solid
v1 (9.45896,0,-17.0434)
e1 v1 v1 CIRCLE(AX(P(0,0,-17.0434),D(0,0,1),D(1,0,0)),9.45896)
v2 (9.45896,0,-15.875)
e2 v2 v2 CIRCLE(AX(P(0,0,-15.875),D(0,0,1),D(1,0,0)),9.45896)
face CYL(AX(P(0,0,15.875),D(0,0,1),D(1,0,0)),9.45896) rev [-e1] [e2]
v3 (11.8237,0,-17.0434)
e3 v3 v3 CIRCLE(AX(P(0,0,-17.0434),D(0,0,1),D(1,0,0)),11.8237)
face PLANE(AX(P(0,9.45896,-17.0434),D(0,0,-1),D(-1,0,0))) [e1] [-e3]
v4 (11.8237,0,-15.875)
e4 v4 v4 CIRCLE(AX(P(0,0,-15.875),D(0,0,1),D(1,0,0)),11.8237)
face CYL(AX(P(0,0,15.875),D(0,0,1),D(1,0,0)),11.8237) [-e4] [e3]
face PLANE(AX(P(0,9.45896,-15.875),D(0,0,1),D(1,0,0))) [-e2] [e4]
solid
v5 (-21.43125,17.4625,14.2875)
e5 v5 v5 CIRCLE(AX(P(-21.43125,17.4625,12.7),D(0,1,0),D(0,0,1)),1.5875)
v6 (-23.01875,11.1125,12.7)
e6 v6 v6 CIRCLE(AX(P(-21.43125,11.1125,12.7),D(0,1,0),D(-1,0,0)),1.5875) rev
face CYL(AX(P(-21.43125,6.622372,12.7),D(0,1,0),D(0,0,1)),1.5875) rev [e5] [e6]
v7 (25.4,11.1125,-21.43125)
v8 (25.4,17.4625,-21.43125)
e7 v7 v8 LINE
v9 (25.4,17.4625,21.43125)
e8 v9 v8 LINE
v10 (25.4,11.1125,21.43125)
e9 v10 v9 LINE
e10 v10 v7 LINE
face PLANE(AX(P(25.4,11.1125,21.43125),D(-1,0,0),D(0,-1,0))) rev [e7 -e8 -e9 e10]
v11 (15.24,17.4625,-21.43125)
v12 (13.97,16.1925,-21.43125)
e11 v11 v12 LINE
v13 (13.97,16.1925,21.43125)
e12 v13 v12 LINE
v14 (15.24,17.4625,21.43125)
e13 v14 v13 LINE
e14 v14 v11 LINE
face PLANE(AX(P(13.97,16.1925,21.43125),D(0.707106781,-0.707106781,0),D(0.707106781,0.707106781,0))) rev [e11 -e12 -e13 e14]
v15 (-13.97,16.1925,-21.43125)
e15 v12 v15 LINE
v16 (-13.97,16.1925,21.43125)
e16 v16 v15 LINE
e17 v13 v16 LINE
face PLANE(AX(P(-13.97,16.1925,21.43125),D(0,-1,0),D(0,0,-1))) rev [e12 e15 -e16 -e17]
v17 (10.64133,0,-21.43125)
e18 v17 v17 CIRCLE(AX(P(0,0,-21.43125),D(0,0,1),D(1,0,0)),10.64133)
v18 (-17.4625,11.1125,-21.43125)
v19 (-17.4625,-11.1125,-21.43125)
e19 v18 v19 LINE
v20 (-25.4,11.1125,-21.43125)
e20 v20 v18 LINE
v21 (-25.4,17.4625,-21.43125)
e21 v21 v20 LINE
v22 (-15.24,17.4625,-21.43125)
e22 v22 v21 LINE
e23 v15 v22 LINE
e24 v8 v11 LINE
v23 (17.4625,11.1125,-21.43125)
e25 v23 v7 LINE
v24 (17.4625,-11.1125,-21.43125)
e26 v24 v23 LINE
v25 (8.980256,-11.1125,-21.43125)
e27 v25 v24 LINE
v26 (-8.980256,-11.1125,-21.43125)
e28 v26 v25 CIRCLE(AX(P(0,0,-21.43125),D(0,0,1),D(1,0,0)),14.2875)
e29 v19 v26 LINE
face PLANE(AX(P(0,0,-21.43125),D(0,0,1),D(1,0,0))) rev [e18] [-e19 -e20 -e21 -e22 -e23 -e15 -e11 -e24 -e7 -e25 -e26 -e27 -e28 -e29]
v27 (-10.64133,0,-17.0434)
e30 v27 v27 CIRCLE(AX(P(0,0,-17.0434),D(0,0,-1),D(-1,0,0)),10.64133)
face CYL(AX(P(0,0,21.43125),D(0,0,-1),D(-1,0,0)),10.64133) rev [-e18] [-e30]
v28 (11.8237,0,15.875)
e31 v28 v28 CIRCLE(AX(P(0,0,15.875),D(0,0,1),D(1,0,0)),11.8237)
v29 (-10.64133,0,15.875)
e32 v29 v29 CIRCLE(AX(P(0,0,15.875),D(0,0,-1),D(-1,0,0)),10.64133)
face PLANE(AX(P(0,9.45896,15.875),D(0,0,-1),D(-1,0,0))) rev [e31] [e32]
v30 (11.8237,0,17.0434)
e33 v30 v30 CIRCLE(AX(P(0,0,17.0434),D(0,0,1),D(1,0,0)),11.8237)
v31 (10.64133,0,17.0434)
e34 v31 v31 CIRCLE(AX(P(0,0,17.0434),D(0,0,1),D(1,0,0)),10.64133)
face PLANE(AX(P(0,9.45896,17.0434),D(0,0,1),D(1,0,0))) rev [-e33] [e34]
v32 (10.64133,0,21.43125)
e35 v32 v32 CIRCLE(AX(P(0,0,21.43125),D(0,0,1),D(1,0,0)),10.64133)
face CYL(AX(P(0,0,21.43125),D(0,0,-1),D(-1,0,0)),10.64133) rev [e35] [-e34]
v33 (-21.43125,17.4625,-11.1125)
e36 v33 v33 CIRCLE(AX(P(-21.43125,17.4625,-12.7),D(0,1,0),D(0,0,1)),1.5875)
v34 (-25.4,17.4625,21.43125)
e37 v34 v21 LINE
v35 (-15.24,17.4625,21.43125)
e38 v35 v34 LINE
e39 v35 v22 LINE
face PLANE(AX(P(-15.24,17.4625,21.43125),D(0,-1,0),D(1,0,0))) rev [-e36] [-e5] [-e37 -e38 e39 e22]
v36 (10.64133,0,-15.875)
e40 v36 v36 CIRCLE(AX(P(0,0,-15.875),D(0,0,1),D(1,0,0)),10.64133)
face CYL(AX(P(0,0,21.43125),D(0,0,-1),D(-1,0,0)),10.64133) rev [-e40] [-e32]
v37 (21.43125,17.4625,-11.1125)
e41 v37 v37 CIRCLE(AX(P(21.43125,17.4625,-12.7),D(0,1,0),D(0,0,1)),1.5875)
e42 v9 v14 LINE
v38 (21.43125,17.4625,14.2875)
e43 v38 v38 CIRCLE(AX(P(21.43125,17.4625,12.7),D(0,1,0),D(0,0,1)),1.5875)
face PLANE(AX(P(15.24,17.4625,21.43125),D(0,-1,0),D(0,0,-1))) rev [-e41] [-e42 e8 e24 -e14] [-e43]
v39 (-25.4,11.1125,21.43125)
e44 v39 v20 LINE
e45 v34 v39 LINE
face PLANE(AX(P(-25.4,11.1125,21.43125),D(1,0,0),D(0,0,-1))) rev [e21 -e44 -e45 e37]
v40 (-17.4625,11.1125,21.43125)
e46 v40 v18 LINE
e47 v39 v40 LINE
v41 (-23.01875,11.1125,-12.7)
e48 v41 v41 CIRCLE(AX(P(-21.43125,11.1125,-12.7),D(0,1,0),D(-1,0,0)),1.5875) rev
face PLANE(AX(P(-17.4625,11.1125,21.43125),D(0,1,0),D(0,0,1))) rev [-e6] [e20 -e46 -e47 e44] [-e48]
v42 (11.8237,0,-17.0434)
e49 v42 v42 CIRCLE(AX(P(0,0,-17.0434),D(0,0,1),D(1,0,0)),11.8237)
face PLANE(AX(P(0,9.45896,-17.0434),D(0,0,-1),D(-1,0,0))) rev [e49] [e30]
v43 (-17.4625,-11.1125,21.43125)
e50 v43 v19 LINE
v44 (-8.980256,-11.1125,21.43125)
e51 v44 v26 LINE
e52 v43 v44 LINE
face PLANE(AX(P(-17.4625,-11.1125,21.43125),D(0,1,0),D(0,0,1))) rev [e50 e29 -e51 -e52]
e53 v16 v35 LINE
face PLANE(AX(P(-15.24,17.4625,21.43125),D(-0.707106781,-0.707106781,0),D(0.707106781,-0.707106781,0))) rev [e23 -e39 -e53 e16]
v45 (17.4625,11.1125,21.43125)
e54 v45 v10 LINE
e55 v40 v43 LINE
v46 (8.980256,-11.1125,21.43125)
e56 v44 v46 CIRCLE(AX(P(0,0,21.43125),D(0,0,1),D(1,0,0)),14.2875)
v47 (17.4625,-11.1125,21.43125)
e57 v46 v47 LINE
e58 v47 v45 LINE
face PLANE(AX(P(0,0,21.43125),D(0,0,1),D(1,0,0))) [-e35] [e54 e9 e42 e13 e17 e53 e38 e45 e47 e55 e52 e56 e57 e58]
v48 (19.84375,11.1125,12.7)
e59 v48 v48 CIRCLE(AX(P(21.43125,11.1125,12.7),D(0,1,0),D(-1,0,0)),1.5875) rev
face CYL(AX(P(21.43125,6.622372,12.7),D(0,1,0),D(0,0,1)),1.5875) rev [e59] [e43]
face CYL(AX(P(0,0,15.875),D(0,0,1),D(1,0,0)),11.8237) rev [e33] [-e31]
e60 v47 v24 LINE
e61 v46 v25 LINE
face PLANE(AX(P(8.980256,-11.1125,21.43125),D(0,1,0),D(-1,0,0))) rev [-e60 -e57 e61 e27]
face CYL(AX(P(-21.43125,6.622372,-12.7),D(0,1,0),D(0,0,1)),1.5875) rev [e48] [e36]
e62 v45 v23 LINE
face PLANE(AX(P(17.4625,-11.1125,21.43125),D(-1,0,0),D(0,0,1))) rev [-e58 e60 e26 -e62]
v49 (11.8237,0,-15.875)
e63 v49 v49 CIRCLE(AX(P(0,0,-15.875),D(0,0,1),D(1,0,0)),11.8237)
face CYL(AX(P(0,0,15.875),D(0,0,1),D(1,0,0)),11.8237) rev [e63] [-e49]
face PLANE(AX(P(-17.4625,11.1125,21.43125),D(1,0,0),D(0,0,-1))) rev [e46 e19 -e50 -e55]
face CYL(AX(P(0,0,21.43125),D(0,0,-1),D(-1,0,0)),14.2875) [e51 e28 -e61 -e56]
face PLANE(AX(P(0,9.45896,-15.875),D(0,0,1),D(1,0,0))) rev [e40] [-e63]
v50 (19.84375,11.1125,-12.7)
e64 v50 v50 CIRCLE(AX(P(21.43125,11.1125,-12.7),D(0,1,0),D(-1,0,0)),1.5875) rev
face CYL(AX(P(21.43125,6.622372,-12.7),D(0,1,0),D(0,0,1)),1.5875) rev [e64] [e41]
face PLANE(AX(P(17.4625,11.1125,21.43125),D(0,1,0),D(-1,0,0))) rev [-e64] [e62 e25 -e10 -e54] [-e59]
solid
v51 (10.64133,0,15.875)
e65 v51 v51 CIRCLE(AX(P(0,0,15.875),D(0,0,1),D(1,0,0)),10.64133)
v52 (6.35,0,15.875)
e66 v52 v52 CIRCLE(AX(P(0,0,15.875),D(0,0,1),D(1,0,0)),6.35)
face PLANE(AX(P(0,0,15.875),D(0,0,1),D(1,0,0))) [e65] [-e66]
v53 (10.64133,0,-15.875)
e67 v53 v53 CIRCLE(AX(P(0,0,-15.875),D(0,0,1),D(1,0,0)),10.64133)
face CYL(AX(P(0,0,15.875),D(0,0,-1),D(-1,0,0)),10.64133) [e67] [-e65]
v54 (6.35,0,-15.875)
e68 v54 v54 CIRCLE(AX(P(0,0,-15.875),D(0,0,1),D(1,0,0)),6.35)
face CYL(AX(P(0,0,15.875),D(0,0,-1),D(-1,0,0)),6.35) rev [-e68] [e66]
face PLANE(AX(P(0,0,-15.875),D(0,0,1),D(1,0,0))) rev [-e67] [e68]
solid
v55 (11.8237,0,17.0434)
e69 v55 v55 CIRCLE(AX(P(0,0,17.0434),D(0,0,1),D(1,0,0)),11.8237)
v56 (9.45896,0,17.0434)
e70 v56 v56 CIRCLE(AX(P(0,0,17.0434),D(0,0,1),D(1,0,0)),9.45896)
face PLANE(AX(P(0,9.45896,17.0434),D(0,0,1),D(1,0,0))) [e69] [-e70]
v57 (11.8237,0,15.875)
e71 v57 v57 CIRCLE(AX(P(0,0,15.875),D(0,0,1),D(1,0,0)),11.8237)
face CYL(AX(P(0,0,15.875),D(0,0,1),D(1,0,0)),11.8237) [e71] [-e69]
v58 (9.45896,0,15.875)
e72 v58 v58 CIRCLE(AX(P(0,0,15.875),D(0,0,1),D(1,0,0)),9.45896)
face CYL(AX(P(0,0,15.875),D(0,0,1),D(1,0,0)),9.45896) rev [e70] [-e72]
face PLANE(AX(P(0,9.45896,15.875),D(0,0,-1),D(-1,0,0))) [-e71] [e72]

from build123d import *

# Parameters (mm, degrees)
SKETCH1_R            = 10.64133
MAIN_BODY_DEPTH      = 21.43125
SKETCH3_R            = 1.5875
MOUNTING_HOLES_DEPTH = 6.35
SKETCH8_R            = 10.64133
SKETCH8_R_2          = 6.35
INTERIOR_DEPTH       = 15.875
GROOVES_2_W          = 1.1684
GROOVES_2_H          = 2.36474
GROOVES_2_2_W        = 1.1684
GROOVES_2_2_H        = 2.36474


with BuildPart() as part:
    # Sketch1 → Main Body (new, symmetric)
    with BuildSketch(Plane.XY):
        with BuildLine():
            Line((-17.4625, 11.1125), (-25.4, 11.1125))
            Line((-25.4, 11.1125), (-25.4, 17.4625))
            Line((-25.4, 17.4625), (-15.24, 17.4625))
            Line((-15.24, 17.4625), (-13.97, 16.1925))
            Line((-13.97, 16.1925), (13.97, 16.1925))
            Line((13.97, 16.1925), (15.24, 17.4625))
            Line((15.24, 17.4625), (25.4, 17.4625))
            Line((25.4, 17.4625), (25.4, 11.1125))
            Line((25.4, 11.1125), (17.4625, 11.1125))
            Line((17.4625, 11.1125), (17.4625, -11.1125))
            Line((17.4625, -11.1125), (8.980256121, -11.1125))
            ThreePointArc((8.980256121, -11.1125), (0, -14.2875), (-8.980256121, -11.1125))
            Line((-8.980256121, -11.1125), (-17.4625, -11.1125))
            Line((-17.4625, -11.1125), (-17.4625, 11.1125))
        make_face()
        Circle(SKETCH1_R, mode=Mode.SUBTRACT)
    extrude(amount=MAIN_BODY_DEPTH, both=True)

    # Sketch3 → Mounting Holes (cut)
    with BuildSketch(Plane(origin=(0, 17.4625, 0), x_dir=(1, 0, 0), z_dir=(0, 1, 0))):
        with Locations(Location((-21.43125, 12.7, 0), (0, 0, 270))):
            Circle(SKETCH3_R)
        with Locations(Location((21.43125, 12.7, 0), (0, 0, 270))):
            Circle(SKETCH3_R)
        with Locations(Location((21.43125, -12.7, 0), (0, 0, 270))):
            Circle(SKETCH3_R)
        with Locations(Location((-21.43125, -12.7, 0), (0, 0, 270))):
            Circle(SKETCH3_R)
    extrude(amount=-MOUNTING_HOLES_DEPTH, mode=Mode.SUBTRACT)

    # Grooves 2 → Grooves (revolve, cut)
    with BuildSketch(Plane(origin=(0, 0, 0), x_dir=(0, 0, -1), z_dir=(1, 0, 0)), mode=Mode.PRIVATE) as grooves_sk:
        with Locations((16.4592, -10.64133)):
            Rectangle(GROOVES_2_W, GROOVES_2_H)
        with Locations((-16.4592, -10.64133)):
            Rectangle(GROOVES_2_W, GROOVES_2_H)
    revolve(grooves_sk.sketch.rotate(Axis((0, 0, 15.875), (0, 0, -1)), 270), axis=Axis((0, 0, 15.875), (0, 0, -1)), mode=Mode.SUBTRACT)


with BuildPart() as body_2:
    # Sketch8 → Interior (new, symmetric)
    with BuildSketch(Plane.XY):
        Circle(SKETCH8_R)
        Circle(SKETCH8_R_2, mode=Mode.SUBTRACT)
    extrude(amount=INTERIOR_DEPTH, both=True)


with BuildPart() as body_3:
    # Grooves_2 2 → Retaining Ring (revolve)
    with BuildSketch(Plane(origin=(0, 0, 0), x_dir=(0, 0, -1), z_dir=(1, 0, 0)), mode=Mode.PRIVATE) as retaining_ring_sk:
        with Locations((16.4592, -10.64133)):
            Rectangle(GROOVES_2_2_W, GROOVES_2_2_H)
        with Locations((-16.4592, -10.64133)):
            Rectangle(GROOVES_2_2_W, GROOVES_2_2_H)
    revolve(retaining_ring_sk.sketch.rotate(Axis((0, 0, 15.875), (0, 0, -1)), 270), axis=Axis((0, 0, 15.875), (0, 0, -1)))


solid = Compound([part.part, body_2.part, body_3.part])
